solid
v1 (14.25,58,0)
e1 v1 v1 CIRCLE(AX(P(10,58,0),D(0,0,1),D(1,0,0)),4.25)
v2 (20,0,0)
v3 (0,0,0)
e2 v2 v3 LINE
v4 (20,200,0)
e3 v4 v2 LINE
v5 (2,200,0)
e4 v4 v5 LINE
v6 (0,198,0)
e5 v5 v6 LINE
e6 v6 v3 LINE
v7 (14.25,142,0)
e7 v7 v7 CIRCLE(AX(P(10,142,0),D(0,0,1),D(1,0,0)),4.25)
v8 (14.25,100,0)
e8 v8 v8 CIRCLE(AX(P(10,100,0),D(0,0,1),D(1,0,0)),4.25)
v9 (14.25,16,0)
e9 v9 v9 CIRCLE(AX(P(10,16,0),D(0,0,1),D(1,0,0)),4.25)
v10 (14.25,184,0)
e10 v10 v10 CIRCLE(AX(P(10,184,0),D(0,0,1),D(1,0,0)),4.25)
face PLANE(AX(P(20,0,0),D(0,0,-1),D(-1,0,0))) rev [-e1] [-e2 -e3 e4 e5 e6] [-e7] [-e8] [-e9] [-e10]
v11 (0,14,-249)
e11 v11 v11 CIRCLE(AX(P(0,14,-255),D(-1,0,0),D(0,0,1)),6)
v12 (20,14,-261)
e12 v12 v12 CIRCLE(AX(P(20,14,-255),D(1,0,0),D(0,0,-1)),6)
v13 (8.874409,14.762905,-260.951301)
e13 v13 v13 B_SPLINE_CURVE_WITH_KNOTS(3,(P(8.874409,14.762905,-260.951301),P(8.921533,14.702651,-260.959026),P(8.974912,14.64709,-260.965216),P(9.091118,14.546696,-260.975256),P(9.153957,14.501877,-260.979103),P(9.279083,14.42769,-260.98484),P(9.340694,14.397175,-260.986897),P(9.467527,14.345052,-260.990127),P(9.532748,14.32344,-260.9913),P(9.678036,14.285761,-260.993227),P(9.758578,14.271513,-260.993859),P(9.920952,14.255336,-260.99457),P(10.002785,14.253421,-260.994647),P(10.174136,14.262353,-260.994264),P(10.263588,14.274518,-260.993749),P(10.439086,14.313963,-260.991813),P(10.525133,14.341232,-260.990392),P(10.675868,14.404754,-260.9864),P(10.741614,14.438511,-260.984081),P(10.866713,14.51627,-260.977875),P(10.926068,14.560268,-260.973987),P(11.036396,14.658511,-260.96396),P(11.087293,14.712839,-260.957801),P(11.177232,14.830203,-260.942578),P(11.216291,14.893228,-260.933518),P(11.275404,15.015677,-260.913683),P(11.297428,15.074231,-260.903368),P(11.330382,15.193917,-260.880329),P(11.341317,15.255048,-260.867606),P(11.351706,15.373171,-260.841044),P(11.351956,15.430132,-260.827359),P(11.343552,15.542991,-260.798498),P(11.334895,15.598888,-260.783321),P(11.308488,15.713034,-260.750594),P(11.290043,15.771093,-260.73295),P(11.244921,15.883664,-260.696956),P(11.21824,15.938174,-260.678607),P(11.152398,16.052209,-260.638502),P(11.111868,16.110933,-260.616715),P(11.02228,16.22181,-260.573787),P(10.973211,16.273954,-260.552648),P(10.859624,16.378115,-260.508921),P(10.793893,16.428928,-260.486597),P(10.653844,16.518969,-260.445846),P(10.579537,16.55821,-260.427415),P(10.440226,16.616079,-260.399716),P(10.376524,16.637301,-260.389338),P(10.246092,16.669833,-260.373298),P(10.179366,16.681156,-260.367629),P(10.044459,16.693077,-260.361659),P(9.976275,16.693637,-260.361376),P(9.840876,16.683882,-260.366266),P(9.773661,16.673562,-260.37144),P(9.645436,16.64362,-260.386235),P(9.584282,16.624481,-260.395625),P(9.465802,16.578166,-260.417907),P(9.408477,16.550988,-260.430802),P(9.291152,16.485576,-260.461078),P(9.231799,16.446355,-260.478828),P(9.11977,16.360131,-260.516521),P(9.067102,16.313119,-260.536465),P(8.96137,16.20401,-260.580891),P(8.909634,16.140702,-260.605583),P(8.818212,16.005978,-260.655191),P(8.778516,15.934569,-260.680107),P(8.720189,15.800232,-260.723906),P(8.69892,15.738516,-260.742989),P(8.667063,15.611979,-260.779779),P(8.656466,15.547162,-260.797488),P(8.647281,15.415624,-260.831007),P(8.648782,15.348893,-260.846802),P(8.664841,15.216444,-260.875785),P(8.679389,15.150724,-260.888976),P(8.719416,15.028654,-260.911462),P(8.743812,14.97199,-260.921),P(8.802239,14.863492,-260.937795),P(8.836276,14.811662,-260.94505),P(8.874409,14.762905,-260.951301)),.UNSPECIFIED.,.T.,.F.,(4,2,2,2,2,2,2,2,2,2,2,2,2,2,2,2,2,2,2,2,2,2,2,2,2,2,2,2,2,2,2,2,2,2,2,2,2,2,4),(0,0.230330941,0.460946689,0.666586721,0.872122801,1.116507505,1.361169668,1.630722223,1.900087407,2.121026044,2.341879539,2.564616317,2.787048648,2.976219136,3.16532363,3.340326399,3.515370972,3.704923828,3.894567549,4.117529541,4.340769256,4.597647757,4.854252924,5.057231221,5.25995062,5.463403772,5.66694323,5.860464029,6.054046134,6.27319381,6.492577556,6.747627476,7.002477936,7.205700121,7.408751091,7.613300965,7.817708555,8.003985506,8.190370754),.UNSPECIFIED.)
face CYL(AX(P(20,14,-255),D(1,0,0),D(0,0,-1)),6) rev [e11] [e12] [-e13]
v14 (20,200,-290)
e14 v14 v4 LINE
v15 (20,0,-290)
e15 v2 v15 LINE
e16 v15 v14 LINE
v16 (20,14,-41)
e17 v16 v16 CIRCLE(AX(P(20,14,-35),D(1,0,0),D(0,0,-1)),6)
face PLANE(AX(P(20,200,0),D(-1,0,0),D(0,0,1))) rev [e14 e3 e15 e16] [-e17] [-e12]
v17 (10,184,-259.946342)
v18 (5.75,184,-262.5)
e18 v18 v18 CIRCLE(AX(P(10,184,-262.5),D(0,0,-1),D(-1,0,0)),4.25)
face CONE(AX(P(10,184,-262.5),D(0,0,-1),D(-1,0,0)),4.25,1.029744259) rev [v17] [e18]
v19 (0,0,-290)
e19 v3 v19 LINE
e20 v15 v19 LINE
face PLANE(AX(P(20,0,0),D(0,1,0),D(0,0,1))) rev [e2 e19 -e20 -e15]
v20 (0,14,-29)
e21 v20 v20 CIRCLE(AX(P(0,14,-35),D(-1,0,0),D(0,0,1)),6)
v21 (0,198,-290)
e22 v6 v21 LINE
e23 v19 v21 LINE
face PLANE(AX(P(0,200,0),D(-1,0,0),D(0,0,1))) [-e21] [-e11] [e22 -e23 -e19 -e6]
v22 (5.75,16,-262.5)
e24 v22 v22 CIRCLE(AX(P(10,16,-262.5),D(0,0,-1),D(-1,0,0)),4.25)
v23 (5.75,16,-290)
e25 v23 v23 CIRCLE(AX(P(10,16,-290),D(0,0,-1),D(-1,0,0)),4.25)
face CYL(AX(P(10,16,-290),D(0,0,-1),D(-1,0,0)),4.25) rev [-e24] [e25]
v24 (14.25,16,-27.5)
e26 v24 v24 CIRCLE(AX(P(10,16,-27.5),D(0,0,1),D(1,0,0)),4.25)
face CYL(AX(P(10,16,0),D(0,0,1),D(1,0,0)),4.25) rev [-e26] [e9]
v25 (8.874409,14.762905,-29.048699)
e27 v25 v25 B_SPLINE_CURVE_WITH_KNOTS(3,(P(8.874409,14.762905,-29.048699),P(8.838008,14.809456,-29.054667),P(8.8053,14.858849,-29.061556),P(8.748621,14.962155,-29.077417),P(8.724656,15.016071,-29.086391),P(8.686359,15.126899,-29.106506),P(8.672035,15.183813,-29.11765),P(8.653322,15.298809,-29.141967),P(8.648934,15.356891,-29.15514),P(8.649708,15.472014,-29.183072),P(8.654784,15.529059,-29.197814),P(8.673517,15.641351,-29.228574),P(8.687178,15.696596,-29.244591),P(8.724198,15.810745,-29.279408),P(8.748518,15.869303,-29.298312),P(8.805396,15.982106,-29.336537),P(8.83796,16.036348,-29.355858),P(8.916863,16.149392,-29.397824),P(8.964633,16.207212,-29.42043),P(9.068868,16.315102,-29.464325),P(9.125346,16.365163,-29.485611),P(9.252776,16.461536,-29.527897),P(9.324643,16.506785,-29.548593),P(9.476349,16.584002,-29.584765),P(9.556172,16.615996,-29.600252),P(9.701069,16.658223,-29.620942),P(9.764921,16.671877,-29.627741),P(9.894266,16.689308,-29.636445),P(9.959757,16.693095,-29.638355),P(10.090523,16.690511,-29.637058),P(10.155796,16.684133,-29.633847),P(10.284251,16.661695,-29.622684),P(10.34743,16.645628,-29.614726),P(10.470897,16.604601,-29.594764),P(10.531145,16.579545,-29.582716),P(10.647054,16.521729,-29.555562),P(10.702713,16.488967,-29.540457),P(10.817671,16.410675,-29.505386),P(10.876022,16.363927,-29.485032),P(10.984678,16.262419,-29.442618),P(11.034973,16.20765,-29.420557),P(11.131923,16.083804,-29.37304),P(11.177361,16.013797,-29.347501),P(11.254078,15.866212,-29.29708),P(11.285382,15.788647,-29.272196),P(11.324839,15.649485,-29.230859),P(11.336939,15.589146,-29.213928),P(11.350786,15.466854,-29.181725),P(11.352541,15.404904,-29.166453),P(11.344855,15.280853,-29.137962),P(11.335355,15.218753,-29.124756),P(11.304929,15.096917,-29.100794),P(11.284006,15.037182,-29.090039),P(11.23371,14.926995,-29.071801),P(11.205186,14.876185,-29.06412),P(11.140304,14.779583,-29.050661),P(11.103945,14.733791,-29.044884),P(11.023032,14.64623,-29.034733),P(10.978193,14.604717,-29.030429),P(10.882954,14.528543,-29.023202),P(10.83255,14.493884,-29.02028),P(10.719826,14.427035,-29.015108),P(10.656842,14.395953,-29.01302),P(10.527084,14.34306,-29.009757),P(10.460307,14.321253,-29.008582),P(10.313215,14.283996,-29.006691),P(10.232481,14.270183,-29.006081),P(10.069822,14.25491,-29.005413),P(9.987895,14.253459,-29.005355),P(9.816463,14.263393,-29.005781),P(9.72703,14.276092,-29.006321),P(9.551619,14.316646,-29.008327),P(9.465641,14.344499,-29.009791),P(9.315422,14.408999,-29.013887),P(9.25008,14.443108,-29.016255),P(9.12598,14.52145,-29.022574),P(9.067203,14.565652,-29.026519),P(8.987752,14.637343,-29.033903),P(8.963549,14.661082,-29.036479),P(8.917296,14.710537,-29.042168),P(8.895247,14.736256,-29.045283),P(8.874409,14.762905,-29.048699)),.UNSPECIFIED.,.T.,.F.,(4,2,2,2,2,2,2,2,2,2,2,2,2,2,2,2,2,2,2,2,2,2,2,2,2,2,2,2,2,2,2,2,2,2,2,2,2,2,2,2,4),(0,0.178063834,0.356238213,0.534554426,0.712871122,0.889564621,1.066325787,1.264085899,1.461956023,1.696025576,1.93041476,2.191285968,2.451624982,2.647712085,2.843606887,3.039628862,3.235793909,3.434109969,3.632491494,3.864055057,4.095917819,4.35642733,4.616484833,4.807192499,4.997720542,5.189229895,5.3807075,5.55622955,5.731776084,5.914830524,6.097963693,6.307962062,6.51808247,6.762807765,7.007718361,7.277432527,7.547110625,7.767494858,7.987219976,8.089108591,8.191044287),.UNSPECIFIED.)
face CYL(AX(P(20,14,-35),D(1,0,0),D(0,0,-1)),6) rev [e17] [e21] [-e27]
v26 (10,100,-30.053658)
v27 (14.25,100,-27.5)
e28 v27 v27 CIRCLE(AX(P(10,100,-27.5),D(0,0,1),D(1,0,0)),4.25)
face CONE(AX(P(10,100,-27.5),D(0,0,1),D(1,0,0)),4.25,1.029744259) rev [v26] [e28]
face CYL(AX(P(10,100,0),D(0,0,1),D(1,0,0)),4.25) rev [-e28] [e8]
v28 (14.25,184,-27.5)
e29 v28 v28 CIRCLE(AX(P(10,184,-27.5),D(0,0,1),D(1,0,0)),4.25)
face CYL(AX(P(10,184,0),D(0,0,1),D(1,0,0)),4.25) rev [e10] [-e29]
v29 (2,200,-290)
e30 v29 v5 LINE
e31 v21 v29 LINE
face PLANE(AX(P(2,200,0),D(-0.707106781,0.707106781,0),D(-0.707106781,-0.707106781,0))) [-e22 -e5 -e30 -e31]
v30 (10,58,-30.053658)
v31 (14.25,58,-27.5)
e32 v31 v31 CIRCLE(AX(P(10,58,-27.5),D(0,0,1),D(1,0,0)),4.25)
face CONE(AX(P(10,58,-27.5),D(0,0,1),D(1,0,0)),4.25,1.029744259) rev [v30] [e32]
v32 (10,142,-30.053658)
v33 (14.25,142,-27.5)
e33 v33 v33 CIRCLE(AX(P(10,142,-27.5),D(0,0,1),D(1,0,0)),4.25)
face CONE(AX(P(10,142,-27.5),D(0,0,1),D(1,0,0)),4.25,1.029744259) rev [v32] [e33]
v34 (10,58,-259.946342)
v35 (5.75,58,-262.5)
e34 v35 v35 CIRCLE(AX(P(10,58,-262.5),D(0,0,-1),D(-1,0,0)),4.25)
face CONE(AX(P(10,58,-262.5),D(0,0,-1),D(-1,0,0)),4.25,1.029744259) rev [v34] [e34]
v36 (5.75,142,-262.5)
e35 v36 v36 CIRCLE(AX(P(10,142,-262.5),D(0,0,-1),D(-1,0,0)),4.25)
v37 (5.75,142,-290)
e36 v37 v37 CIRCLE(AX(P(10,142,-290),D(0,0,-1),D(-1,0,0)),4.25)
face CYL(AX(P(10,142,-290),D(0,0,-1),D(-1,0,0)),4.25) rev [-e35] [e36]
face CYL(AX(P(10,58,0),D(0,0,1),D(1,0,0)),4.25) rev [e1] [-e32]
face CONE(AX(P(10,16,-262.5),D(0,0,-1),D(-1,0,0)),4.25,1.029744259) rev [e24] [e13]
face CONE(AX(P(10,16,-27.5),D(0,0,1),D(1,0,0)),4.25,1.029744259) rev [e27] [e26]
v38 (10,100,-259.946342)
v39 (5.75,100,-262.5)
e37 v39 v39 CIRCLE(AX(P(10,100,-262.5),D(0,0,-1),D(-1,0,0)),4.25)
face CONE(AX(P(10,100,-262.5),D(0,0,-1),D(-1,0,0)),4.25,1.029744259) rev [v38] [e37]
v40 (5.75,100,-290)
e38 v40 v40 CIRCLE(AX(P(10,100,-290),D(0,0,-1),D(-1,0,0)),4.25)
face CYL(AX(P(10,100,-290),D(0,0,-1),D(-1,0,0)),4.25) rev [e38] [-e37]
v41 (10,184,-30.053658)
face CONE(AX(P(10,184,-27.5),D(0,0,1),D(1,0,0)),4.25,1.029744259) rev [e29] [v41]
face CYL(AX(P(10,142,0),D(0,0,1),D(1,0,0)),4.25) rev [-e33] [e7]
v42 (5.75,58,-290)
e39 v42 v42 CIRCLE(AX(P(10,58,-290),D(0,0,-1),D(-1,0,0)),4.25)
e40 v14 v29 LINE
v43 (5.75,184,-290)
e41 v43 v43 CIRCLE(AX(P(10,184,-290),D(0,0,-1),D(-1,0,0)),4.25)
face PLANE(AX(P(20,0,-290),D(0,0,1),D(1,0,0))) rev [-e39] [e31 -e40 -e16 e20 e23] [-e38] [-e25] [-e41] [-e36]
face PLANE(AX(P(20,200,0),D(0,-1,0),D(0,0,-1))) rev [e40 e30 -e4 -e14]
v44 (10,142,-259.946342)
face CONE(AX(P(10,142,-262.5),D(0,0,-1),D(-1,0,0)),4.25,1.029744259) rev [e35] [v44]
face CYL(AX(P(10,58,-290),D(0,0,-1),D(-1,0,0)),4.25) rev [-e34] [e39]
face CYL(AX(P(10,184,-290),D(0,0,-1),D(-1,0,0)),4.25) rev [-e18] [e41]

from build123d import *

# Parameters (mm, degrees)
SCHIZZO1_W                  = 290
SCHIZZO1_H                  = 200
ESTRUSIONE1_DEPTH           = 20
M10_TAPPED_HOLE1_AT_2_COUNT = 2
M10_TAPPED_HOLE1_AT_2_PITCH = 168
M10_TAPPED_HOLE1_AT_3_COUNT = 2
M10_TAPPED_HOLE1_AT_3_PITCH = 126
M10_TAPPED_HOLE1_AT_4_COUNT = 2
M10_TAPPED_HOLE1_AT_4_PITCH = 42
M10_TAPPED_HOLE1_AT_5_COUNT = 2
M10_TAPPED_HOLE1_AT_5_PITCH = 84
M14_TAPPED_HOLE1_D          = 12
M14_TAPPED_HOLE1_DEPTH      = 38
M14_TAPPED_HOLE1_TIP        = 3.605163714
SMUSSO1_SIZE                = 2


with BuildPart() as part:
    # Schizzo1 → Estrusione1 (new body)
    with BuildSketch(Plane(origin=(0, 0, 0), x_dir=(0, 0, -1), z_dir=(1, 0, 0))):
        with Locations((145, 100)):
            Rectangle(SCHIZZO1_W, SCHIZZO1_H)
    extrude(amount=ESTRUSIONE1_DEPTH)

    # Schizzo2 → M10 Tapped Hole1 (revolve, cut)
    with BuildSketch(Plane(origin=(10, 184, 0), x_dir=(0, -1, 0), z_dir=(1, 0, 0))):
        Polygon((0, 0), (0, 30.053657631), (4.25, 27.5), (4.25, 0), align=None)
    m10_tapped_hole1 = revolve(axis=Axis((10, 184, 6.35), (0, 0, -1)), mode=Mode.SUBTRACT)

    # M10 Tapped Hole1 at 2: M10 Tapped Hole1 ×2
    with Locations(*[(0, -i * M10_TAPPED_HOLE1_AT_2_PITCH, 0) for i in range(1, M10_TAPPED_HOLE1_AT_2_COUNT)]):
        add(m10_tapped_hole1, mode=Mode.SUBTRACT)

    # M10 Tapped Hole1 at 3: M10 Tapped Hole1 ×2
    with Locations(*[(0, -i * M10_TAPPED_HOLE1_AT_3_PITCH, 0) for i in range(1, M10_TAPPED_HOLE1_AT_3_COUNT)]):
        add(m10_tapped_hole1, mode=Mode.SUBTRACT)

    # M10 Tapped Hole1 at 4: M10 Tapped Hole1 ×2
    with Locations(*[(0, -i * M10_TAPPED_HOLE1_AT_4_PITCH, 0) for i in range(1, M10_TAPPED_HOLE1_AT_4_COUNT)]):
        add(m10_tapped_hole1, mode=Mode.SUBTRACT)

    # M10 Tapped Hole1 at 5: M10 Tapped Hole1 ×2
    with Locations(*[(0, -i * M10_TAPPED_HOLE1_AT_5_PITCH, 0) for i in range(1, M10_TAPPED_HOLE1_AT_5_COUNT)]):
        add(m10_tapped_hole1, mode=Mode.SUBTRACT)

    # Specchia1: M10 Tapped Hole1 across plane
    add(m10_tapped_hole1.mirror(Plane.XY.offset(-145)), mode=Mode.SUBTRACT)

    # Specchia1 copy 1 sketch → Specchia1 copy 1 (revolve, cut)
    with BuildSketch(Plane(origin=(10, 16, -290), x_dir=(0, -1, 0), z_dir=(1, 0, 0))):
        Polygon((0, 0), (0, -30.053657631), (4.25, -27.5), (4.25, 0), align=None)
    revolve(axis=Axis((10, 16, -296.35), (0, 0, -1)), mode=Mode.SUBTRACT)

    # Specchia1 copy 2 sketch → Specchia1 copy 2 (revolve, cut)
    with BuildSketch(Plane(origin=(10, 58, -290), x_dir=(0, -1, 0), z_dir=(1, 0, 0))):
        Polygon((0, 0), (0, -30.053657631), (4.25, -27.5), (4.25, 0), align=None)
    revolve(axis=Axis((10, 58, -296.35), (0, 0, -1)), mode=Mode.SUBTRACT)

    # Specchia1 copy 3 sketch → Specchia1 copy 3 (revolve, cut)
    with BuildSketch(Plane(origin=(10, 142, -290), x_dir=(0, -1, 0), z_dir=(1, 0, 0))):
        Polygon((0, 0), (0, -30.053657631), (4.25, -27.5), (4.25, 0), align=None)
    revolve(axis=Axis((10, 142, -296.35), (0, 0, -1)), mode=Mode.SUBTRACT)

    # Specchia1 copy 4 sketch → Specchia1 copy 4 (revolve, cut)
    with BuildSketch(Plane(origin=(10, 100, -290), x_dir=(0, -1, 0), z_dir=(1, 0, 0))):
        Polygon((0, 0), (0, -30.053657631), (4.25, -27.5), (4.25, 0), align=None)
    revolve(axis=Axis((10, 100, -296.35), (0, 0, -1)), mode=Mode.SUBTRACT)

    # M14 Tapped Hole1
    with Locations(Plane(origin=(20, 0, 0), x_dir=(0, 0, -1), z_dir=(1, 0, 0))):
        with Locations((35, 14), (255, 14)):
            Hole(M14_TAPPED_HOLE1_D / 2, depth=M14_TAPPED_HOLE1_DEPTH)
            with Locations((0, 0, -(M14_TAPPED_HOLE1_DEPTH + M14_TAPPED_HOLE1_TIP / 2))):  # 118° drill point
                Cone(0, M14_TAPPED_HOLE1_D / 2, M14_TAPPED_HOLE1_TIP, mode=Mode.SUBTRACT)

    # Smusso1
    smusso1_edges = [part.edges().sort_by_distance(p)[0] for p in [
        (0, 200, -145),
    ]]
    chamfer(smusso1_edges, length=SMUSSO1_SIZE)


solid = part.part
